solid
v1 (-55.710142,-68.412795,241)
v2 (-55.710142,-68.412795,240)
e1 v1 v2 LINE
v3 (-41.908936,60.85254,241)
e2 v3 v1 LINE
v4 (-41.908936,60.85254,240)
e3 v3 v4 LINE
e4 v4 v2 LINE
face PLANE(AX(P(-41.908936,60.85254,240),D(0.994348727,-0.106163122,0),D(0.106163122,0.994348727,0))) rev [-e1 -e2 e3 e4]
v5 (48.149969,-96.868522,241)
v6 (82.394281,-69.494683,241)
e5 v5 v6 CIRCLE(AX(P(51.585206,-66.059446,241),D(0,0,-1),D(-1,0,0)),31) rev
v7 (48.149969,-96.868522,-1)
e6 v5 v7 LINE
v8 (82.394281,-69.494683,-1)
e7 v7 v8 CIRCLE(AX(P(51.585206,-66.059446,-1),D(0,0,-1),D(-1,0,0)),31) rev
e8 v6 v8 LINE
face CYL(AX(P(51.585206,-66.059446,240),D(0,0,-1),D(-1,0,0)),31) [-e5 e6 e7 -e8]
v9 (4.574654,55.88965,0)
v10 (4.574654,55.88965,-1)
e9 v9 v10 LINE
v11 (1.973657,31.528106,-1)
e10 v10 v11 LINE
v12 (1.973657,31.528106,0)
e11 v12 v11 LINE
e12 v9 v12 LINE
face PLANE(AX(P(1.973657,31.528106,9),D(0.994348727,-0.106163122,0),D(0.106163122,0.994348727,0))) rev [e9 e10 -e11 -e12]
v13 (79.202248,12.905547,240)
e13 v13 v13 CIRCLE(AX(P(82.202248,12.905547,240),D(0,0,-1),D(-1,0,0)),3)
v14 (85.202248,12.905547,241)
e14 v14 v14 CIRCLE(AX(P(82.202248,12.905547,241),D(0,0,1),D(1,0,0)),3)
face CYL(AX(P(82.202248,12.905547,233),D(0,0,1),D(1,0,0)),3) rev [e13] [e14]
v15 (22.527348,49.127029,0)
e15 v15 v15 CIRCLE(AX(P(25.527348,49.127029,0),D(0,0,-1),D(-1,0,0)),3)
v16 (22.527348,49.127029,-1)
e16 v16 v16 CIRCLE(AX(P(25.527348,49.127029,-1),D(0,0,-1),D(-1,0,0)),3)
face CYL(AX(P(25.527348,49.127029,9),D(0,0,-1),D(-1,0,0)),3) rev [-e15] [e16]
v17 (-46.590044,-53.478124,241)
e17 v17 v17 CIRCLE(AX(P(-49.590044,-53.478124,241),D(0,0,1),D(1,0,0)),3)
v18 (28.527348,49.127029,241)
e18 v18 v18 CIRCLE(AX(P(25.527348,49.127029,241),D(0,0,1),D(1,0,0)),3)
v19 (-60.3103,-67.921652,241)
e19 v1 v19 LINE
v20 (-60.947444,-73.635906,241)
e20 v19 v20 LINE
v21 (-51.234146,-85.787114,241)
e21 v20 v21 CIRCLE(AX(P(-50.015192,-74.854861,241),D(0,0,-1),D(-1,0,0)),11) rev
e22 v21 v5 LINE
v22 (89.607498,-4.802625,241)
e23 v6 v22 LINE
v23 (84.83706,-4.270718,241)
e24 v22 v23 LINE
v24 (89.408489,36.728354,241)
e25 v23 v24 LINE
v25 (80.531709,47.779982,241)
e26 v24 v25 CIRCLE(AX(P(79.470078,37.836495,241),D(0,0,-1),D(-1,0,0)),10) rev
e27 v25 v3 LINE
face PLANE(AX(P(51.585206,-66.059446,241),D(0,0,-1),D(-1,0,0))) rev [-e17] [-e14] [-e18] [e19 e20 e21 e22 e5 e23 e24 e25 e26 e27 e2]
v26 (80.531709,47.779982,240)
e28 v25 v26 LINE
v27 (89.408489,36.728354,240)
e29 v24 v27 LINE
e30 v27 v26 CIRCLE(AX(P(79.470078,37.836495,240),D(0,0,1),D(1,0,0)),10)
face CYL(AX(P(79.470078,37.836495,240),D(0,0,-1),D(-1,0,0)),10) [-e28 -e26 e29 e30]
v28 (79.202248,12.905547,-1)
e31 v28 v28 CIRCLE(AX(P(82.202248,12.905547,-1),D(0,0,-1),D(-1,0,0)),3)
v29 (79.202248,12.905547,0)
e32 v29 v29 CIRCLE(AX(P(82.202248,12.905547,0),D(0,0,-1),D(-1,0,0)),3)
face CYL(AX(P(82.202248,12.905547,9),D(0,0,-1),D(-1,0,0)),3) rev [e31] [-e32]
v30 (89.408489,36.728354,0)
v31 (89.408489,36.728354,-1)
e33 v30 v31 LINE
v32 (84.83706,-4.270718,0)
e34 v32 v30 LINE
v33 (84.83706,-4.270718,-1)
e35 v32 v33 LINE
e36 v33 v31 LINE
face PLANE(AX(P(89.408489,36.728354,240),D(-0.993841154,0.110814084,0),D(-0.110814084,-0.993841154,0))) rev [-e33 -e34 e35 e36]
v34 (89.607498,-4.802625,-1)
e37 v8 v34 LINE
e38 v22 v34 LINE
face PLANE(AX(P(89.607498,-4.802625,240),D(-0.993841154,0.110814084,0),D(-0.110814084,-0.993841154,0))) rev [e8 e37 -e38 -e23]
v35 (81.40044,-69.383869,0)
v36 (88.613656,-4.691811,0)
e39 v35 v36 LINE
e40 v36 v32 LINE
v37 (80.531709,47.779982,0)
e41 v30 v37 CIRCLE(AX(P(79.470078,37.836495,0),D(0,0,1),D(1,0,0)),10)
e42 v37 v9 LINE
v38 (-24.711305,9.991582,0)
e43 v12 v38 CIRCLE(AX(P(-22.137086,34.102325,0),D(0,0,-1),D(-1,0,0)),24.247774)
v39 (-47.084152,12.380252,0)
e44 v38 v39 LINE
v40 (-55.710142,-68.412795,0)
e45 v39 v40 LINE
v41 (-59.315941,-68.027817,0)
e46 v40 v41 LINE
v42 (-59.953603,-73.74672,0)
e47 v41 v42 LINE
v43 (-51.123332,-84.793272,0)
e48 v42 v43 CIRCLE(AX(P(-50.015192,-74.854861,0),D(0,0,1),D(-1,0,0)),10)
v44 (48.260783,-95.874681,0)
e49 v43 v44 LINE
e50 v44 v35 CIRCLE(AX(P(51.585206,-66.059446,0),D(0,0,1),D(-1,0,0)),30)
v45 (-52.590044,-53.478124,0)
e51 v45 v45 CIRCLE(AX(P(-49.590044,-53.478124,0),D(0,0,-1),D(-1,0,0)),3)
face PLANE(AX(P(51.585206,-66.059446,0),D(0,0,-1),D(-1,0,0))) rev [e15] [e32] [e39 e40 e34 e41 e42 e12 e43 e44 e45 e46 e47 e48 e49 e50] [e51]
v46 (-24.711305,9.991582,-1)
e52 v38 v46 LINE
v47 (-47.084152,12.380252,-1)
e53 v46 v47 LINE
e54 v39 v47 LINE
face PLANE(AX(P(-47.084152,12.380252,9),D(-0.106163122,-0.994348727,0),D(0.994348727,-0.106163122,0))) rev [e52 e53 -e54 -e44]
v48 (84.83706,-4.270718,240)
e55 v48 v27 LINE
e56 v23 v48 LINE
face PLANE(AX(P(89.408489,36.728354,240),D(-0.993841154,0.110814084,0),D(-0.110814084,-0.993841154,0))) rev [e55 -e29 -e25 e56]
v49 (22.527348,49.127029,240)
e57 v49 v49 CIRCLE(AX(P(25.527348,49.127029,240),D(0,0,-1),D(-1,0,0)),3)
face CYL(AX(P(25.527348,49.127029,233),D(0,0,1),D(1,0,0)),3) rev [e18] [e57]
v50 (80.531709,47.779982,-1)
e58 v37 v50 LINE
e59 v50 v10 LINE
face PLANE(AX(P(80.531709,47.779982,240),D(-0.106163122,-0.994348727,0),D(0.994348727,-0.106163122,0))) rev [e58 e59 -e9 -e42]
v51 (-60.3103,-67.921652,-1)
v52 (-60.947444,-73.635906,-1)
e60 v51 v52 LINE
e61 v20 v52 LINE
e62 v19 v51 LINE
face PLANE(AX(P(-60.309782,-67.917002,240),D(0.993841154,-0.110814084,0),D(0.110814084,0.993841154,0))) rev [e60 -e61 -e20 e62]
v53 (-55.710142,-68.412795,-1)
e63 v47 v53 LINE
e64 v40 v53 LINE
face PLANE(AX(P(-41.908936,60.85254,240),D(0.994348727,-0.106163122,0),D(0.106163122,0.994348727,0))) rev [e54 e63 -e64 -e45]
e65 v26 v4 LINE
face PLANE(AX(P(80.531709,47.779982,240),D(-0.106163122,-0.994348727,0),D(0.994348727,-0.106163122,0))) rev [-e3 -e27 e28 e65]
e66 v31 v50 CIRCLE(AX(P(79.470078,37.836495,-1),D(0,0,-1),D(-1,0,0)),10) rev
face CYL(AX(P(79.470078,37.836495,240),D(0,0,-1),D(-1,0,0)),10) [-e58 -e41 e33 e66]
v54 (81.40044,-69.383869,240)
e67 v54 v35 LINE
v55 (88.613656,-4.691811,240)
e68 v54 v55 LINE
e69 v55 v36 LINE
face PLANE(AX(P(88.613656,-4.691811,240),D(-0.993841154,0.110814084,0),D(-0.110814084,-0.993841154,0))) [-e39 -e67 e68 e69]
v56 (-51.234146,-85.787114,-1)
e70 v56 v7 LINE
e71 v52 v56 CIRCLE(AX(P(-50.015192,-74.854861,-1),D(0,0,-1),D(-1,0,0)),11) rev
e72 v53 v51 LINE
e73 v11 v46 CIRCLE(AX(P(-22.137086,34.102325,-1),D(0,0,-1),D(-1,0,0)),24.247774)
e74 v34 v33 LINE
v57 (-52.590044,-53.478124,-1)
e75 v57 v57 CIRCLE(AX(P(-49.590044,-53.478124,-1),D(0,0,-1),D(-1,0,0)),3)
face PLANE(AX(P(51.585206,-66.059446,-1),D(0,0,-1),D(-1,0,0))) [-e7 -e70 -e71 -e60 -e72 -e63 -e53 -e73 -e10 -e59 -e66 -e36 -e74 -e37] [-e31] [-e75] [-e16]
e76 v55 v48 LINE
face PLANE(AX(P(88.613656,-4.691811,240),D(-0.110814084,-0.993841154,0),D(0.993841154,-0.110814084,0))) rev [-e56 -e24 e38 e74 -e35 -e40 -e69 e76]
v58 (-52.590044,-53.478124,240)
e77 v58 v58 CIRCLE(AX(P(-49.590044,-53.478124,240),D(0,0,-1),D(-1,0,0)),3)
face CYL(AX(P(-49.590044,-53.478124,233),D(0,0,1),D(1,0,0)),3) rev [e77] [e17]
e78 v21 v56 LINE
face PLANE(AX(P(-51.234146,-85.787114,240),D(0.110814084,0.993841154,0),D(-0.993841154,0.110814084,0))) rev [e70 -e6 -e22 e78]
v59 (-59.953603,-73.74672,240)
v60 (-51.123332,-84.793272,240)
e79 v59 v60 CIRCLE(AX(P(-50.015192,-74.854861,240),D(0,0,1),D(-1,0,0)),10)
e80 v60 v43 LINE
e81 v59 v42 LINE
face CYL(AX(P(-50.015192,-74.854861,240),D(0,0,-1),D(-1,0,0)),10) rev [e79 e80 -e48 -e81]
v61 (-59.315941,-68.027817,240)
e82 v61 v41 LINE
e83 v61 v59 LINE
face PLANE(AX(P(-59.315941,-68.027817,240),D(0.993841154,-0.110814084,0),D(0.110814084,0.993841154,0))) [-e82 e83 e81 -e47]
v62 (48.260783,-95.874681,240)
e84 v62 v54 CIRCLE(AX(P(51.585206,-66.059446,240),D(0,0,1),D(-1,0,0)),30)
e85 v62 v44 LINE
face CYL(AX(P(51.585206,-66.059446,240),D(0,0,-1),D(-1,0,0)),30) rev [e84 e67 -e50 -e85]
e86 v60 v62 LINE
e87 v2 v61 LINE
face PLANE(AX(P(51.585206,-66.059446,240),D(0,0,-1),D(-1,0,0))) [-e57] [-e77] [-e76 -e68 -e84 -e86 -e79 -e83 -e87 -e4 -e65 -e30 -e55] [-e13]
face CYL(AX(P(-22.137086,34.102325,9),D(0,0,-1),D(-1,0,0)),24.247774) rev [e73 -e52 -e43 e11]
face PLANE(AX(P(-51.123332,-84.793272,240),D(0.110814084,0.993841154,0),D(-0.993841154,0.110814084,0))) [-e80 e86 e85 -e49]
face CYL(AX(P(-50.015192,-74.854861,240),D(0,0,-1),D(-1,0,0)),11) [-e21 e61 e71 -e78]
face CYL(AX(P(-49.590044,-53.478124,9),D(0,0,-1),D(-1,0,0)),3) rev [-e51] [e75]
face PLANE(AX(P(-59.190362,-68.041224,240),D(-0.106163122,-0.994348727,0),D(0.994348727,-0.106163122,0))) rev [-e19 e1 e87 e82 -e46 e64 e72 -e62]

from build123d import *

# Parameters (mm, degrees)
EXTRUDE_1_DEPTH     = 240
SHELL_1_T           = 1
CUT_EXTRUDE_1_DEPTH = 10
SKETCH_3_R          = 3.0000000000000018
SKETCH_3_R_2        = 3.000000000000008
CUT_EXTRUDE_2_DEPTH = 10
CUT_EXTRUDE_START   = -8
SKETCH_6_R          = 3.0000000000000018
SKETCH_6_R_2        = 3.000000000000008
CUT_EXTRUDE_4_DEPTH = 8


with BuildPart() as part:
    # 草图1 → 凸台-拉伸1 (new body)
    with BuildSketch(Plane.XY):
        with BuildLine():
            Line((-59.31594071221176, -68.02781651157832), (-59.9536030402972, -73.74672011248332))
            ThreePointArc((-59.9536030402972, -73.74672011248332), (-57.826283597547295, -81.098805241968), (-51.12333234290943, -84.79327248916888))
            Line((-51.12333234290943, -84.79327248916888), (48.260783027457215, -95.87468088565784))
            ThreePointArc((48.260783027457215, -95.87468088565784), (70.3170384159113, -89.49272255740806), (81.40044015751394, -69.38386879349436))
            Line((81.40044015751394, -69.38386879349436), (88.61365635961639, -4.691811108090497))
            Line((88.61365635961639, -4.691811108090497), (84.83705997568286, -4.270717589039598))
            Line((84.83705997568286, -4.270717589039598), (89.4084892426148, 36.72835377657124))
            ThreePointArc((89.4084892426148, 36.72835377657124), (87.266542040995, 44.098694219102335), (80.53170892213036, 47.77998188979318))
            Line((80.53170892213036, 47.77998188979318), (-41.90893576965496, 60.852539535143315))
            Line((-41.90893576965496, 60.852539535143315), (-55.71014158484277, -68.41279502152355))
            Line((-55.71014158484277, -68.41279502152355), (-59.190362130599055, -68.04122409572891))
            Line((-59.190362130599055, -68.04122409572891), (-59.31594071221176, -68.02781651157832))
        make_face()
    extrude(amount=EXTRUDE_1_DEPTH)

    # 抽壳1
    shell_1_openings = [part.faces().sort_by_distance(p)[0] for p in [
        (-48.809538677, -3.780127743, 120),
        (19.311386576, 54.316260712, 120),
        (87.266542041, 44.098694219, 120),
        (87.122774609, 16.228818094, 120),
        (86.725358168, -4.481264349, 120),
        (-57.513041149, -68.220305767, 120),
    ]]
    offset(amount=SHELL_1_T, openings=shell_1_openings, kind=Kind.INTERSECTION)

    # 草图2 → 切除-拉伸1 (cut)
    with BuildSketch(Plane(origin=(0, 0, -1), x_dir=(-1, 0, 0), z_dir=(0, 0, -1))):
        with BuildLine():
            Line((47.084151642276574, 12.380252393304023), (24.71130527686598, 9.991582155982451))
            ThreePointArc((24.71130527686598, 9.991582155982451), (6.908463771051354, 15.233207386949033), (-1.9736574368444393, 31.528106085354896))
            Line((-1.9736574368444393, 31.528106085354896), (-4.574653917520899, 55.88964990582092))
            Line((-4.574653917520899, 55.88964990582092), (41.90893576965496, 60.852539535143315))
            Line((41.90893576965496, 60.852539535143315), (47.084151642276574, 12.380252393304023))
        make_face()
    extrude(amount=-CUT_EXTRUDE_1_DEPTH, mode=Mode.SUBTRACT)

    # 草图3 → 切除-拉伸2 (cut)
    with BuildSketch(Plane(origin=(0, 0, -1), x_dir=(-1, 0, 0), z_dir=(0, 0, -1))):
        with Locations((-25.52734826155789, 49.12702905294972)):
            Circle(SKETCH_3_R)
        with Locations((-82.20224799889411, 12.905547308509762)):
            Circle(SKETCH_3_R_2)
        with Locations((49.590043926063395, -53.47812379490241)):
            Circle(SKETCH_3_R)
    extrude(amount=-CUT_EXTRUDE_2_DEPTH, mode=Mode.SUBTRACT)

    # 草图6 → 切除-拉伸4 (cut)
    with BuildSketch(Plane.XY.offset(241).offset(CUT_EXTRUDE_START)):
        with Locations(Location((25.52734826155789, 49.12702905294972, 0), (0, 0, 180))):
            Circle(SKETCH_6_R)
        with Locations(Location((82.20224799889411, 12.905547308509762, 0), (0, 0, 180))):
            Circle(SKETCH_6_R_2)
        with Locations(Location((-49.590043926063395, -53.47812379490241, 0), (0, 0, 180))):
            Circle(SKETCH_6_R)
    extrude(amount=CUT_EXTRUDE_4_DEPTH, mode=Mode.SUBTRACT)


solid = part.part
